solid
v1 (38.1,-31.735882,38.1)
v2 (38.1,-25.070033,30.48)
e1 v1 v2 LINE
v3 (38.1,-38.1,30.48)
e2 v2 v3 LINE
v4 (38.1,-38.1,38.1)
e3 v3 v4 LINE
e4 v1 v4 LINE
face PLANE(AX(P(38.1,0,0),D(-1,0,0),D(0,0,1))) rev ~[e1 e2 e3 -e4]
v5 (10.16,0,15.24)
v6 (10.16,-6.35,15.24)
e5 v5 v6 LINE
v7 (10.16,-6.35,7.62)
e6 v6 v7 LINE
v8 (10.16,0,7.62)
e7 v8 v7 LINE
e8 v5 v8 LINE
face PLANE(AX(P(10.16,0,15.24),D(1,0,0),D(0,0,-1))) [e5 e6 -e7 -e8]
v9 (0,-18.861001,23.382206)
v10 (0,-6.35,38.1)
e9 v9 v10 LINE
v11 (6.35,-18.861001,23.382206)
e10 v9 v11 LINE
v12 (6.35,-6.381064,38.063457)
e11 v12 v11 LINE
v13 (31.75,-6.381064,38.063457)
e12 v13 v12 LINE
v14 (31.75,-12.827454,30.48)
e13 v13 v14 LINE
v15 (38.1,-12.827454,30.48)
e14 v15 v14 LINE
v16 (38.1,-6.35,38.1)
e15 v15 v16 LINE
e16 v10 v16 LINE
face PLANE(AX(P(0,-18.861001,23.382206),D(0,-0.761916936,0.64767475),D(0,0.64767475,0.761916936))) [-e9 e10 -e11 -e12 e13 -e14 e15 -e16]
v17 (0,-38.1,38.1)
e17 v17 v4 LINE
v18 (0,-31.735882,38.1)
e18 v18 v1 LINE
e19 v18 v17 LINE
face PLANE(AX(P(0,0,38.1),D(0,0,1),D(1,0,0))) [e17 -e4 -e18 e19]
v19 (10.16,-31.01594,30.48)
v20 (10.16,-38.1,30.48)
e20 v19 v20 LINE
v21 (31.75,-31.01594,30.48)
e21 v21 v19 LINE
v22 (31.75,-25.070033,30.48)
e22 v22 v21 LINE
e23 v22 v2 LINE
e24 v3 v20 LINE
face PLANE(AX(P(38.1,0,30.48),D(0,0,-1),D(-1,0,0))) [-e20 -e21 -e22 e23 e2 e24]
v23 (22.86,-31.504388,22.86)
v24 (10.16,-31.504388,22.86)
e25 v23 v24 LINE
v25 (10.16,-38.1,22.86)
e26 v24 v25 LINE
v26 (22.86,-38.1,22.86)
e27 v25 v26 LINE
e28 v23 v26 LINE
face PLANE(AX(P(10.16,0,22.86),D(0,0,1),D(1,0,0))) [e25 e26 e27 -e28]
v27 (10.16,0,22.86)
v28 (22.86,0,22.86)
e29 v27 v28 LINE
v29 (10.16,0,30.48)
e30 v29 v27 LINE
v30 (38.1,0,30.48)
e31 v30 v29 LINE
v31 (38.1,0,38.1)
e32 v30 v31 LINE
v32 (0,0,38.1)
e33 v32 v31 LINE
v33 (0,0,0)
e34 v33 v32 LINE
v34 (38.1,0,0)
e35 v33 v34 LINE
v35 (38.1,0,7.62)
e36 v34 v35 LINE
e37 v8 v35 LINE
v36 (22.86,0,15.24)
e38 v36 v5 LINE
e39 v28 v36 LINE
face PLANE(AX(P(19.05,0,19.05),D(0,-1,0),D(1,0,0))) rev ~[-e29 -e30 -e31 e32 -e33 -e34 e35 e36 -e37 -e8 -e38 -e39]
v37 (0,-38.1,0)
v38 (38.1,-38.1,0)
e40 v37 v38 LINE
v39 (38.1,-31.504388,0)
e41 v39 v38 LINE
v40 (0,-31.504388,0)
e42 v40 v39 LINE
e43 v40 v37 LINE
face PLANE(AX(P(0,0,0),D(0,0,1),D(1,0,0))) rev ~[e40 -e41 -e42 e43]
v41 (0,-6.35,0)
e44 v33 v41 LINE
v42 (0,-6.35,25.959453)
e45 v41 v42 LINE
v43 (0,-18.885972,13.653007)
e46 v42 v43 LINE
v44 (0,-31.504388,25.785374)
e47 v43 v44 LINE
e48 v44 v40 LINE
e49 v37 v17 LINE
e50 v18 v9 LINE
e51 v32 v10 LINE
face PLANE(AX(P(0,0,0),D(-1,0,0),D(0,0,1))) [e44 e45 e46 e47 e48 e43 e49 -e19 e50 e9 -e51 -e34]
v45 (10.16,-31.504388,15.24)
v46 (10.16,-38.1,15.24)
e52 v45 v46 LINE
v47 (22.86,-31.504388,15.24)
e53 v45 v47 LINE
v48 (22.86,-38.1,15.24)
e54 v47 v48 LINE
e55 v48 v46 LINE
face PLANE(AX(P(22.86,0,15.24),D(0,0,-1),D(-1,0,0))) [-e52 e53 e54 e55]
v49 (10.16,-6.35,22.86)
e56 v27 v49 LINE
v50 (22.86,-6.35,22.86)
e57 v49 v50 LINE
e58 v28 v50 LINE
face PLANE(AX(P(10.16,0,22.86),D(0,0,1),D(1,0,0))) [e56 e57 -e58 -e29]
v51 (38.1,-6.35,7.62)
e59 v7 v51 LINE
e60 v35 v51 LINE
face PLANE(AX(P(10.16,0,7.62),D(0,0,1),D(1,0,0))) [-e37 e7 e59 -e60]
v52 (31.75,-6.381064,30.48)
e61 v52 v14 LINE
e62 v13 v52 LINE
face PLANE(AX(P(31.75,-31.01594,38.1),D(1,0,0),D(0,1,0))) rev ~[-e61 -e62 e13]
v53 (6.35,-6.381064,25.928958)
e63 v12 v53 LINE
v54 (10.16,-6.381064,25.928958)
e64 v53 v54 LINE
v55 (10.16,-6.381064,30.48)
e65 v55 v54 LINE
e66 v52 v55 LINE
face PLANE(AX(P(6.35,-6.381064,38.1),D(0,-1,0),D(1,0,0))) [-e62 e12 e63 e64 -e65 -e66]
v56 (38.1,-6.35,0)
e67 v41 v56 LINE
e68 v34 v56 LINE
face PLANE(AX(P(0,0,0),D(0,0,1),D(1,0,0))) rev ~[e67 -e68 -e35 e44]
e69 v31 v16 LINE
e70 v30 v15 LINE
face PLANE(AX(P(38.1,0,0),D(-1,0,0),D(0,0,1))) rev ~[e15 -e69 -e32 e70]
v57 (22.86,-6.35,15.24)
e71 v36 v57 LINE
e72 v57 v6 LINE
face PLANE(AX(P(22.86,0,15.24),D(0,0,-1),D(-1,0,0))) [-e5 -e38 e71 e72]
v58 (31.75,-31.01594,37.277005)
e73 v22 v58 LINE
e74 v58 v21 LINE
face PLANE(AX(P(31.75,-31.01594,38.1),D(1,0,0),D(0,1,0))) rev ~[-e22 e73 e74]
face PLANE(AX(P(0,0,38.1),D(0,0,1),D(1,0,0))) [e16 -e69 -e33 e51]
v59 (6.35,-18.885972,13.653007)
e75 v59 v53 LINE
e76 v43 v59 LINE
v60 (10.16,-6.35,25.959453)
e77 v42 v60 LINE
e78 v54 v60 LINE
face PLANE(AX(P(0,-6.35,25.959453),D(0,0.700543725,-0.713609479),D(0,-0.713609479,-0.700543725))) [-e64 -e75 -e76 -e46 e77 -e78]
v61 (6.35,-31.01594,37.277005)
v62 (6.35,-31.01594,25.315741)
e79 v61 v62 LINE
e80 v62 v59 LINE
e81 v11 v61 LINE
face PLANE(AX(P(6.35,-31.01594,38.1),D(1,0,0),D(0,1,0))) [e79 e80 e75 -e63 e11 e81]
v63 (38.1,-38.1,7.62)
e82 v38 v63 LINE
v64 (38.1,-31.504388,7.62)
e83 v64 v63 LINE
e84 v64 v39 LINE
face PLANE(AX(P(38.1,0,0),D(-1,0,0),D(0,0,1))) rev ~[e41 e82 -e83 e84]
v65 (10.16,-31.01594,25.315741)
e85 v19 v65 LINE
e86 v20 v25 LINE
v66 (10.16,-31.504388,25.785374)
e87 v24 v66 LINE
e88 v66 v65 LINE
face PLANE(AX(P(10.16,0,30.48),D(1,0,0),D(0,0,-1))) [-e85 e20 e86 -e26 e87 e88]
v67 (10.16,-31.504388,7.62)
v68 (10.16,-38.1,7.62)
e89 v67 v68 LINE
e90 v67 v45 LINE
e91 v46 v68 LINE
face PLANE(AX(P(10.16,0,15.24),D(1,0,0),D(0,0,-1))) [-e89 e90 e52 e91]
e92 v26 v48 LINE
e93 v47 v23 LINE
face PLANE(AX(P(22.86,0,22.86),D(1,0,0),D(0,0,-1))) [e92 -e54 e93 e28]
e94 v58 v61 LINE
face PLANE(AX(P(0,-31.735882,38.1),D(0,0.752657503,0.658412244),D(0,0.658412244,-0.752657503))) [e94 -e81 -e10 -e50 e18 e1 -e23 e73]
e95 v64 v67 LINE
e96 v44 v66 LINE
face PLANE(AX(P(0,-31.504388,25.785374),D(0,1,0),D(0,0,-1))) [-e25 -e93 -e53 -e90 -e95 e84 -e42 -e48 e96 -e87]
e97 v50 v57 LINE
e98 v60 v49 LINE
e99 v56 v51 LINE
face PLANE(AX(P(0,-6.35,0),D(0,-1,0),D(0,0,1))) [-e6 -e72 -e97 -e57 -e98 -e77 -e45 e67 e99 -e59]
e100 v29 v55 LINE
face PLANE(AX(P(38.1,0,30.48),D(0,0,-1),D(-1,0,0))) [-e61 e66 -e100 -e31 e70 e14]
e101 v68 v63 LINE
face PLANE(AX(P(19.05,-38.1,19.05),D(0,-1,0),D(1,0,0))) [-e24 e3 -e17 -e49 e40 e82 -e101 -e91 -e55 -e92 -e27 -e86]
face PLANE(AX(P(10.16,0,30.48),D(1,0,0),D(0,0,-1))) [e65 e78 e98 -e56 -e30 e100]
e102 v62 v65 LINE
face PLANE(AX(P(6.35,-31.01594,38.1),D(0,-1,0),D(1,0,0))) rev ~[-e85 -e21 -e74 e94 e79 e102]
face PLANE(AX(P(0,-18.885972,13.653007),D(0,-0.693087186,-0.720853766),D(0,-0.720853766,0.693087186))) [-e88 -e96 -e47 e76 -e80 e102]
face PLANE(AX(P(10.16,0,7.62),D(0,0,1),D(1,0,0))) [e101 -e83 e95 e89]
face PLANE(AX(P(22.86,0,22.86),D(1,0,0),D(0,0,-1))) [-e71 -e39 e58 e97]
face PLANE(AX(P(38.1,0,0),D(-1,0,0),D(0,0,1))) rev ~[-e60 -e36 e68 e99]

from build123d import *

# Parameters (mm, degrees)
F0_W      = 38.1
F0_H      = 38.1
F2_DEPTH  = 38.1
F4_DEPTH  = 38.1
F6_W      = 25.4
F6_H      = 24.634876
F8_DEPTH  = 38.1
F10_DEPTH = 38.1
F12_DEPTH = 38.1


with BuildPart() as f2:
    # F0 (on Front) → F2 (new body)
    with BuildSketch(Plane.XZ):
        with Locations((19.05, 19.05)):
            Rectangle(F0_W, F0_H)
    extrude(amount=F2_DEPTH)

    # F3 (on Front) → F4 (cut)
    with BuildSketch(Plane.XZ):
        Polygon((38.1, 7.62), (38.1, 30.48), (10.16, 30.48), (10.16, 22.86), (22.86, 22.86), (22.86, 15.24), (10.16, 15.24), (10.16, 7.62), align=None)
    extrude(amount=F4_DEPTH, mode=Mode.SUBTRACT)

    # F6 (on offset) → F8 (cut)
    with BuildSketch(Plane.XY.offset(38.1)):
        with Locations((19.05, -18.698502)):
            Rectangle(F6_W, F6_H)
    extrude(amount=-F8_DEPTH, mode=Mode.SUBTRACT)

    # F9 (on Right) → F10 (cut)
    with BuildSketch(Plane.YZ):
        Polygon((-18.861001, 23.382206), (-6.35, 38.1), (-31.735882, 38.1), align=None)
    extrude(amount=F10_DEPTH, mode=Mode.SUBTRACT)

    # F11 (on Right) → F12 (cut)
    with BuildSketch(Plane.YZ):
        Polygon((-31.504388, 0), (-6.35, 0), (-6.35, 25.959453), (-18.885972, 13.653007), (-31.504388, 25.785374), align=None)
    extrude(amount=F12_DEPTH, mode=Mode.SUBTRACT)


solid = f2.part
